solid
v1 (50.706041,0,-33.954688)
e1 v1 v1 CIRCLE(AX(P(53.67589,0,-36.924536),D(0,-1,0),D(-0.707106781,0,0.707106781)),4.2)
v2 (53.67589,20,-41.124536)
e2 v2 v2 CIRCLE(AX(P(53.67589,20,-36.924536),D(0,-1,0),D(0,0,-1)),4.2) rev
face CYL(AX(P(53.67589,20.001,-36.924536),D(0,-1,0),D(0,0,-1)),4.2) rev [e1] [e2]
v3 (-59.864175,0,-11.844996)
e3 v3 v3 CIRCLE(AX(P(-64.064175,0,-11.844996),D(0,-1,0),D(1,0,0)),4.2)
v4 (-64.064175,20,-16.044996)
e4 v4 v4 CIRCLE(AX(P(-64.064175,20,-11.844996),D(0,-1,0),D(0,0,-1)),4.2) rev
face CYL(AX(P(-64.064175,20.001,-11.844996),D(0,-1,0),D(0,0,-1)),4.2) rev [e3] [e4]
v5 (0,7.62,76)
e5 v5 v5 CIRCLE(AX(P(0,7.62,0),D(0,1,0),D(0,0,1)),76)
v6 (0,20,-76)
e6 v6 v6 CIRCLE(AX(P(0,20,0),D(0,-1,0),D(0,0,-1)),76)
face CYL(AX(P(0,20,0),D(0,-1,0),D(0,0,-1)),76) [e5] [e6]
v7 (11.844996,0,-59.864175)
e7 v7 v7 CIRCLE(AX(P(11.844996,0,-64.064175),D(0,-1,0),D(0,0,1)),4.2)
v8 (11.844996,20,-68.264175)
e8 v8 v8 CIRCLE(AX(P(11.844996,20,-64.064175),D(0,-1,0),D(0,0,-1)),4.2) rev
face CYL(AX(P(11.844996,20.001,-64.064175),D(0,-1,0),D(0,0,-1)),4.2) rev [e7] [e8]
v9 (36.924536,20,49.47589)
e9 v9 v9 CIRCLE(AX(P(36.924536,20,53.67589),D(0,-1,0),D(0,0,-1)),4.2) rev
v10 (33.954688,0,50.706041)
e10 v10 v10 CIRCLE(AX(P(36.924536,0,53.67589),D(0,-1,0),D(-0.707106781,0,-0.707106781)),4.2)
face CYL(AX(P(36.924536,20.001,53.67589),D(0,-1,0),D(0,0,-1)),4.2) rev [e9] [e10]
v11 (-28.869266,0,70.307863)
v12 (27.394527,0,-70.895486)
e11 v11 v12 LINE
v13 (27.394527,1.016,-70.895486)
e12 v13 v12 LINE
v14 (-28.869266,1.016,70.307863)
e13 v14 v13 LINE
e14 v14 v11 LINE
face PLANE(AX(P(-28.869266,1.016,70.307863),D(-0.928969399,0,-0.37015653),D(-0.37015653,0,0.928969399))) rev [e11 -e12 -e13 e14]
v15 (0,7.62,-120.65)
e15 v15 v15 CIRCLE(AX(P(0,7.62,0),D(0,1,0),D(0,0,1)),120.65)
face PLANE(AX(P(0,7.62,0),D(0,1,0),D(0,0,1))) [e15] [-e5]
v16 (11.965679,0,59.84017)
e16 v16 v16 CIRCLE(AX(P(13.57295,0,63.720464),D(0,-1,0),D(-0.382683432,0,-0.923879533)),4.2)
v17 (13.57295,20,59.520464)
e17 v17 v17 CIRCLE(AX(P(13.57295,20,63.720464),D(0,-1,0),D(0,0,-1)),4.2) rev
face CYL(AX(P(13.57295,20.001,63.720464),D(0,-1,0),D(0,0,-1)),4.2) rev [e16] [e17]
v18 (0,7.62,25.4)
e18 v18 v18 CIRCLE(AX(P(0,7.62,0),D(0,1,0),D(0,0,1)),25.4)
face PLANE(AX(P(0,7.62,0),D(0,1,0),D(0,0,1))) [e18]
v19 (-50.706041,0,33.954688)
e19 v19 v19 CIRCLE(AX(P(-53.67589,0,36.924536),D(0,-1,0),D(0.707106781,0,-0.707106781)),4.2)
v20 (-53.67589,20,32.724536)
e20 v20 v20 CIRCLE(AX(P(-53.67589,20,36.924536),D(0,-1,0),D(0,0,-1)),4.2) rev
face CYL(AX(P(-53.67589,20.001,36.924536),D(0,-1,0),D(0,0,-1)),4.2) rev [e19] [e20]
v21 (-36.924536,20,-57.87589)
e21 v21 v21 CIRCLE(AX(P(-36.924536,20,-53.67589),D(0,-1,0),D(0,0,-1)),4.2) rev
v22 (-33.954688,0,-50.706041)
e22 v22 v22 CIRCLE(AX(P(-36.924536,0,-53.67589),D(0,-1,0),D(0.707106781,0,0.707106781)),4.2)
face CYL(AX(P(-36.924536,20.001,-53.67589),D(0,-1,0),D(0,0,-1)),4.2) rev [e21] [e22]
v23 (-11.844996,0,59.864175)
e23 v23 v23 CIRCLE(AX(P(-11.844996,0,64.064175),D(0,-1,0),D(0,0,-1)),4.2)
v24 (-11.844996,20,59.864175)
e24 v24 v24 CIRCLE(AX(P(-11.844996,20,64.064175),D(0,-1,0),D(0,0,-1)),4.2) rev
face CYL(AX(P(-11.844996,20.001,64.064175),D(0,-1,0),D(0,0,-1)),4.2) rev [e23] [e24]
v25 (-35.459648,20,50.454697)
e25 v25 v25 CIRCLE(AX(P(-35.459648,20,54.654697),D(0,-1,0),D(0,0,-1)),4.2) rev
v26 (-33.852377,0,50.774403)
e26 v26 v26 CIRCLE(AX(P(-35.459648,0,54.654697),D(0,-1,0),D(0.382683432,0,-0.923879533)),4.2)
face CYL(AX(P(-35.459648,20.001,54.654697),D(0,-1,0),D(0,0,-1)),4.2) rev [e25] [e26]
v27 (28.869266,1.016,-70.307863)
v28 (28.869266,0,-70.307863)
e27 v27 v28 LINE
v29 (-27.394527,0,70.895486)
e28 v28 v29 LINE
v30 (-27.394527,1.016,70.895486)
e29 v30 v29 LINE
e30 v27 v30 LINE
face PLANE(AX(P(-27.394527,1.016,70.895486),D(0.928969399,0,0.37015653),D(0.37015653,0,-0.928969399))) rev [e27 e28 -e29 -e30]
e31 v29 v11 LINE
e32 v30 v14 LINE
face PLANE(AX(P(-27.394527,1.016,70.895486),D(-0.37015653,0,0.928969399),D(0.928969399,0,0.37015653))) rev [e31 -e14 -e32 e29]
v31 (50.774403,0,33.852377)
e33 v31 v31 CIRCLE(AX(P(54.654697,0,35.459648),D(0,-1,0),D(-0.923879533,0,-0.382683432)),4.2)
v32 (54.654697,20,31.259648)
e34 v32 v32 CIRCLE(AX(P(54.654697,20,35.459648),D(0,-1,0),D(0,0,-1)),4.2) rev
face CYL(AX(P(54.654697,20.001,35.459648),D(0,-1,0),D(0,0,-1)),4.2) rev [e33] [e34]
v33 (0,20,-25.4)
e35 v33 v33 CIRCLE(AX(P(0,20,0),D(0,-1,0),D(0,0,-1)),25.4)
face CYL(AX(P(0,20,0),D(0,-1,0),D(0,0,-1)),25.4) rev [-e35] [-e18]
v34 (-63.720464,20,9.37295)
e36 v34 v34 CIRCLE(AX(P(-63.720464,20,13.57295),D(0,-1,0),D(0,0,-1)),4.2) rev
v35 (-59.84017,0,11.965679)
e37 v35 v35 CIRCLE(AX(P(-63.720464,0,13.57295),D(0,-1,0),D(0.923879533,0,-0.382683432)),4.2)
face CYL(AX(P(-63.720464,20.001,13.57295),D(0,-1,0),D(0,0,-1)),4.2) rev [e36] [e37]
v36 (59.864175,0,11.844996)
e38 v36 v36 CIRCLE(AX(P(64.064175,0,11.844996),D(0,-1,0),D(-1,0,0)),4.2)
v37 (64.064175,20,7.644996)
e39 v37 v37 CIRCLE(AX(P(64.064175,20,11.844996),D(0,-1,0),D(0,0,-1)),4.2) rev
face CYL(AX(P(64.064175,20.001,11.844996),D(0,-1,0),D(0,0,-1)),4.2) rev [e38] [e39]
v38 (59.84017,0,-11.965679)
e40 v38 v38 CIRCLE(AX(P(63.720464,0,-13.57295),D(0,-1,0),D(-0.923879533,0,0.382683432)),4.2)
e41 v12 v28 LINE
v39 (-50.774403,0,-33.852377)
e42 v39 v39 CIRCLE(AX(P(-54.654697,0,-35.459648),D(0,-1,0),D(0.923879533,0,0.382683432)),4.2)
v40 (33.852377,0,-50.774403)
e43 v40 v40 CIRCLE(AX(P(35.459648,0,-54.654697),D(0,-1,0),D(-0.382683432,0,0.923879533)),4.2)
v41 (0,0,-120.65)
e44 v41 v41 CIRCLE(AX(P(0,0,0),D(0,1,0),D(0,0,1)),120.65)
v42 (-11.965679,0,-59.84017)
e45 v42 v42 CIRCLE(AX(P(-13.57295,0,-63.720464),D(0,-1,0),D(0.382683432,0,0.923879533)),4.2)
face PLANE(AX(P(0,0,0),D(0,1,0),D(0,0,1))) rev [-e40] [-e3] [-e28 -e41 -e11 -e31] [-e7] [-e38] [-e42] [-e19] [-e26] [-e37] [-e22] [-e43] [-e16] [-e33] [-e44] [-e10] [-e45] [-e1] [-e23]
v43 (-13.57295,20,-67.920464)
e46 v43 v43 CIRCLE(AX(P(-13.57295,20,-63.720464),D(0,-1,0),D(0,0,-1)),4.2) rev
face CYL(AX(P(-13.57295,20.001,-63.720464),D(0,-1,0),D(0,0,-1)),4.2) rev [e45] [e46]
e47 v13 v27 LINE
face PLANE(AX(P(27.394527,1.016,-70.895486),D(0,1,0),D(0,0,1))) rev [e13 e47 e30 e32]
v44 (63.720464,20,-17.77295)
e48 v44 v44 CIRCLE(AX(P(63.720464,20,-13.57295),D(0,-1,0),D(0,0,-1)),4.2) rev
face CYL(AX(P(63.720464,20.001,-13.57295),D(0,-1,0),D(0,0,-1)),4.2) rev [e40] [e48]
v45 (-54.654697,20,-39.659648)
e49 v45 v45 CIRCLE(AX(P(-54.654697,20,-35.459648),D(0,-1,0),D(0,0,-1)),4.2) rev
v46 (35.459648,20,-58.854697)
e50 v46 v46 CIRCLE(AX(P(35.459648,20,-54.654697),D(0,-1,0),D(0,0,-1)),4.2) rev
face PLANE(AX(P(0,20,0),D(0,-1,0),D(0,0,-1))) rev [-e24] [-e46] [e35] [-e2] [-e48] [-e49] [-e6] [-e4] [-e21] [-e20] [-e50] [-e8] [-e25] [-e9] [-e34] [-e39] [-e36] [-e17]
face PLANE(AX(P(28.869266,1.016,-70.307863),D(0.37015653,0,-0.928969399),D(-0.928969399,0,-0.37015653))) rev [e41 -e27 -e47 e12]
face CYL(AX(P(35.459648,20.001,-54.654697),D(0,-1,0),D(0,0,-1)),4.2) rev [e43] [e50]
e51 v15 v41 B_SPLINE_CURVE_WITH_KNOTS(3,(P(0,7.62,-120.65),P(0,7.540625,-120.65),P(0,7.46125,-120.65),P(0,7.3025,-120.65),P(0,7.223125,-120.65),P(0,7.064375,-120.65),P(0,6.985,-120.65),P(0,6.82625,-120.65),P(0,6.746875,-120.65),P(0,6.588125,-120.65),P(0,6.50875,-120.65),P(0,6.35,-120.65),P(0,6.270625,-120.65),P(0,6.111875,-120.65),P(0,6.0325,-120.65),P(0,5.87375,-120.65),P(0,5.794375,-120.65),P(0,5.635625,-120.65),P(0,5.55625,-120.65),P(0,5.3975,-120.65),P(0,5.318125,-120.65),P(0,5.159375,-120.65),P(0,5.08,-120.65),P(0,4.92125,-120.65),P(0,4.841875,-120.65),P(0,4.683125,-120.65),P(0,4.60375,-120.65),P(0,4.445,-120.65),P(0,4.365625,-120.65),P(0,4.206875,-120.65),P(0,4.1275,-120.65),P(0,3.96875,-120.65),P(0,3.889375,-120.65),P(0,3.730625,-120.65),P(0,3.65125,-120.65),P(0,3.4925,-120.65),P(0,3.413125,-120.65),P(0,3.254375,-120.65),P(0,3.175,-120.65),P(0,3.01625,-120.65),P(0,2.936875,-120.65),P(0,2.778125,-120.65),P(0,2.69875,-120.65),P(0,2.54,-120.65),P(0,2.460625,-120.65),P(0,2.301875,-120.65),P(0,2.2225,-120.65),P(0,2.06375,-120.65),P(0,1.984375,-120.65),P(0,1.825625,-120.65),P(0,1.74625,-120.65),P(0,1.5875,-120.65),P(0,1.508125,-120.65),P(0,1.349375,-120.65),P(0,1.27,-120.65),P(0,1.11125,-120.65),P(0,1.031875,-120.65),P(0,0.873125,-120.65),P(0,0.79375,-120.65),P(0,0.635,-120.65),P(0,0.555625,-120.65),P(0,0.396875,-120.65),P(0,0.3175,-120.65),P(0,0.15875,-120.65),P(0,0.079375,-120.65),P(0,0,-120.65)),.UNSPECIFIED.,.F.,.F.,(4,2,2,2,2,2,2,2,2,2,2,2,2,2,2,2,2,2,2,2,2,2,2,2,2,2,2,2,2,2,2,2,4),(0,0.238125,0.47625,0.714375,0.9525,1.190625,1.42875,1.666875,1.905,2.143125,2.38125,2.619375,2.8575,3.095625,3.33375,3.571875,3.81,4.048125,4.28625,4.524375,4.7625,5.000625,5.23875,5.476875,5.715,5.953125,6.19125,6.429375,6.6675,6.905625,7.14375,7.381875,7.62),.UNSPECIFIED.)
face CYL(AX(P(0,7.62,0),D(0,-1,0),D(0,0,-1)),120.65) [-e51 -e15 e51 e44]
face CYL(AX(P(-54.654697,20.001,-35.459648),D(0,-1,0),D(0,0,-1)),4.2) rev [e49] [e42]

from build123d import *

# Parameters (mm, degrees)
SKETCH1_R         = 120.65
EXTRUDE1_DEPTH    = 7.62
SKETCH2_R         = 76.0000004
SKETCH2_R_2       = 25.4
EXTRUDE2_DEPTH    = 20
EXTRUDE3_DEPTH    = 1.016
EXTRUDE4_REACH    = 173.793
SKETCH8_R         = 4.2
CIRPATTERN1_COUNT = 16


with BuildPart() as part:
    # Sketch1 → Extrude1 (new body)
    with BuildSketch(Plane(origin=(0, 0, 0), x_dir=(1, 0, 0), z_dir=(0, 1, 0))):
        Circle(SKETCH1_R)
    extrude(amount=EXTRUDE1_DEPTH)

    # Sketch2 → Extrude2 (add)
    with BuildSketch(Plane.XZ):
        Circle(SKETCH2_R)
        Circle(SKETCH2_R_2, mode=Mode.SUBTRACT)
    extrude(amount=-EXTRUDE2_DEPTH)

    # Sketch5 → Extrude3 (cut)
    with BuildSketch(Plane.XZ):
        Polygon((28.869265873, -70.307862916), (27.394526953, -70.895486407), (-28.869265873, 70.307862916), (-27.394526953, 70.895486407), align=None)
    extrude(amount=-EXTRUDE3_DEPTH, mode=Mode.SUBTRACT)

    # Sketch8 → Extrude4 (cut, up to next)
    with BuildSketch(Plane.XZ, mode=Mode.PRIVATE) as extrude4_sk1:
        with Locations((-11.84499556, 64.064175482)):
            Circle(SKETCH8_R)
    extrude4_tool1 = extrude(extrude4_sk1.sketch, amount=-EXTRUDE4_REACH, mode=Mode.PRIVATE) & part.part
    extrude4 = extrude4_tool1.solids().sort_by_distance((-11.844996, 0, 64.064175))[0]
    add(extrude4, mode=Mode.SUBTRACT)

    # CirPattern1: Extrude4 ×16 about axis
    cirpattern1_axis = Axis((0, 20, 0), (0, -1, 0))
    for i in range(1, CIRPATTERN1_COUNT):
        add(extrude4.rotate(cirpattern1_axis, i * 360 / CIRPATTERN1_COUNT), mode=Mode.SUBTRACT)


solid = part.part
